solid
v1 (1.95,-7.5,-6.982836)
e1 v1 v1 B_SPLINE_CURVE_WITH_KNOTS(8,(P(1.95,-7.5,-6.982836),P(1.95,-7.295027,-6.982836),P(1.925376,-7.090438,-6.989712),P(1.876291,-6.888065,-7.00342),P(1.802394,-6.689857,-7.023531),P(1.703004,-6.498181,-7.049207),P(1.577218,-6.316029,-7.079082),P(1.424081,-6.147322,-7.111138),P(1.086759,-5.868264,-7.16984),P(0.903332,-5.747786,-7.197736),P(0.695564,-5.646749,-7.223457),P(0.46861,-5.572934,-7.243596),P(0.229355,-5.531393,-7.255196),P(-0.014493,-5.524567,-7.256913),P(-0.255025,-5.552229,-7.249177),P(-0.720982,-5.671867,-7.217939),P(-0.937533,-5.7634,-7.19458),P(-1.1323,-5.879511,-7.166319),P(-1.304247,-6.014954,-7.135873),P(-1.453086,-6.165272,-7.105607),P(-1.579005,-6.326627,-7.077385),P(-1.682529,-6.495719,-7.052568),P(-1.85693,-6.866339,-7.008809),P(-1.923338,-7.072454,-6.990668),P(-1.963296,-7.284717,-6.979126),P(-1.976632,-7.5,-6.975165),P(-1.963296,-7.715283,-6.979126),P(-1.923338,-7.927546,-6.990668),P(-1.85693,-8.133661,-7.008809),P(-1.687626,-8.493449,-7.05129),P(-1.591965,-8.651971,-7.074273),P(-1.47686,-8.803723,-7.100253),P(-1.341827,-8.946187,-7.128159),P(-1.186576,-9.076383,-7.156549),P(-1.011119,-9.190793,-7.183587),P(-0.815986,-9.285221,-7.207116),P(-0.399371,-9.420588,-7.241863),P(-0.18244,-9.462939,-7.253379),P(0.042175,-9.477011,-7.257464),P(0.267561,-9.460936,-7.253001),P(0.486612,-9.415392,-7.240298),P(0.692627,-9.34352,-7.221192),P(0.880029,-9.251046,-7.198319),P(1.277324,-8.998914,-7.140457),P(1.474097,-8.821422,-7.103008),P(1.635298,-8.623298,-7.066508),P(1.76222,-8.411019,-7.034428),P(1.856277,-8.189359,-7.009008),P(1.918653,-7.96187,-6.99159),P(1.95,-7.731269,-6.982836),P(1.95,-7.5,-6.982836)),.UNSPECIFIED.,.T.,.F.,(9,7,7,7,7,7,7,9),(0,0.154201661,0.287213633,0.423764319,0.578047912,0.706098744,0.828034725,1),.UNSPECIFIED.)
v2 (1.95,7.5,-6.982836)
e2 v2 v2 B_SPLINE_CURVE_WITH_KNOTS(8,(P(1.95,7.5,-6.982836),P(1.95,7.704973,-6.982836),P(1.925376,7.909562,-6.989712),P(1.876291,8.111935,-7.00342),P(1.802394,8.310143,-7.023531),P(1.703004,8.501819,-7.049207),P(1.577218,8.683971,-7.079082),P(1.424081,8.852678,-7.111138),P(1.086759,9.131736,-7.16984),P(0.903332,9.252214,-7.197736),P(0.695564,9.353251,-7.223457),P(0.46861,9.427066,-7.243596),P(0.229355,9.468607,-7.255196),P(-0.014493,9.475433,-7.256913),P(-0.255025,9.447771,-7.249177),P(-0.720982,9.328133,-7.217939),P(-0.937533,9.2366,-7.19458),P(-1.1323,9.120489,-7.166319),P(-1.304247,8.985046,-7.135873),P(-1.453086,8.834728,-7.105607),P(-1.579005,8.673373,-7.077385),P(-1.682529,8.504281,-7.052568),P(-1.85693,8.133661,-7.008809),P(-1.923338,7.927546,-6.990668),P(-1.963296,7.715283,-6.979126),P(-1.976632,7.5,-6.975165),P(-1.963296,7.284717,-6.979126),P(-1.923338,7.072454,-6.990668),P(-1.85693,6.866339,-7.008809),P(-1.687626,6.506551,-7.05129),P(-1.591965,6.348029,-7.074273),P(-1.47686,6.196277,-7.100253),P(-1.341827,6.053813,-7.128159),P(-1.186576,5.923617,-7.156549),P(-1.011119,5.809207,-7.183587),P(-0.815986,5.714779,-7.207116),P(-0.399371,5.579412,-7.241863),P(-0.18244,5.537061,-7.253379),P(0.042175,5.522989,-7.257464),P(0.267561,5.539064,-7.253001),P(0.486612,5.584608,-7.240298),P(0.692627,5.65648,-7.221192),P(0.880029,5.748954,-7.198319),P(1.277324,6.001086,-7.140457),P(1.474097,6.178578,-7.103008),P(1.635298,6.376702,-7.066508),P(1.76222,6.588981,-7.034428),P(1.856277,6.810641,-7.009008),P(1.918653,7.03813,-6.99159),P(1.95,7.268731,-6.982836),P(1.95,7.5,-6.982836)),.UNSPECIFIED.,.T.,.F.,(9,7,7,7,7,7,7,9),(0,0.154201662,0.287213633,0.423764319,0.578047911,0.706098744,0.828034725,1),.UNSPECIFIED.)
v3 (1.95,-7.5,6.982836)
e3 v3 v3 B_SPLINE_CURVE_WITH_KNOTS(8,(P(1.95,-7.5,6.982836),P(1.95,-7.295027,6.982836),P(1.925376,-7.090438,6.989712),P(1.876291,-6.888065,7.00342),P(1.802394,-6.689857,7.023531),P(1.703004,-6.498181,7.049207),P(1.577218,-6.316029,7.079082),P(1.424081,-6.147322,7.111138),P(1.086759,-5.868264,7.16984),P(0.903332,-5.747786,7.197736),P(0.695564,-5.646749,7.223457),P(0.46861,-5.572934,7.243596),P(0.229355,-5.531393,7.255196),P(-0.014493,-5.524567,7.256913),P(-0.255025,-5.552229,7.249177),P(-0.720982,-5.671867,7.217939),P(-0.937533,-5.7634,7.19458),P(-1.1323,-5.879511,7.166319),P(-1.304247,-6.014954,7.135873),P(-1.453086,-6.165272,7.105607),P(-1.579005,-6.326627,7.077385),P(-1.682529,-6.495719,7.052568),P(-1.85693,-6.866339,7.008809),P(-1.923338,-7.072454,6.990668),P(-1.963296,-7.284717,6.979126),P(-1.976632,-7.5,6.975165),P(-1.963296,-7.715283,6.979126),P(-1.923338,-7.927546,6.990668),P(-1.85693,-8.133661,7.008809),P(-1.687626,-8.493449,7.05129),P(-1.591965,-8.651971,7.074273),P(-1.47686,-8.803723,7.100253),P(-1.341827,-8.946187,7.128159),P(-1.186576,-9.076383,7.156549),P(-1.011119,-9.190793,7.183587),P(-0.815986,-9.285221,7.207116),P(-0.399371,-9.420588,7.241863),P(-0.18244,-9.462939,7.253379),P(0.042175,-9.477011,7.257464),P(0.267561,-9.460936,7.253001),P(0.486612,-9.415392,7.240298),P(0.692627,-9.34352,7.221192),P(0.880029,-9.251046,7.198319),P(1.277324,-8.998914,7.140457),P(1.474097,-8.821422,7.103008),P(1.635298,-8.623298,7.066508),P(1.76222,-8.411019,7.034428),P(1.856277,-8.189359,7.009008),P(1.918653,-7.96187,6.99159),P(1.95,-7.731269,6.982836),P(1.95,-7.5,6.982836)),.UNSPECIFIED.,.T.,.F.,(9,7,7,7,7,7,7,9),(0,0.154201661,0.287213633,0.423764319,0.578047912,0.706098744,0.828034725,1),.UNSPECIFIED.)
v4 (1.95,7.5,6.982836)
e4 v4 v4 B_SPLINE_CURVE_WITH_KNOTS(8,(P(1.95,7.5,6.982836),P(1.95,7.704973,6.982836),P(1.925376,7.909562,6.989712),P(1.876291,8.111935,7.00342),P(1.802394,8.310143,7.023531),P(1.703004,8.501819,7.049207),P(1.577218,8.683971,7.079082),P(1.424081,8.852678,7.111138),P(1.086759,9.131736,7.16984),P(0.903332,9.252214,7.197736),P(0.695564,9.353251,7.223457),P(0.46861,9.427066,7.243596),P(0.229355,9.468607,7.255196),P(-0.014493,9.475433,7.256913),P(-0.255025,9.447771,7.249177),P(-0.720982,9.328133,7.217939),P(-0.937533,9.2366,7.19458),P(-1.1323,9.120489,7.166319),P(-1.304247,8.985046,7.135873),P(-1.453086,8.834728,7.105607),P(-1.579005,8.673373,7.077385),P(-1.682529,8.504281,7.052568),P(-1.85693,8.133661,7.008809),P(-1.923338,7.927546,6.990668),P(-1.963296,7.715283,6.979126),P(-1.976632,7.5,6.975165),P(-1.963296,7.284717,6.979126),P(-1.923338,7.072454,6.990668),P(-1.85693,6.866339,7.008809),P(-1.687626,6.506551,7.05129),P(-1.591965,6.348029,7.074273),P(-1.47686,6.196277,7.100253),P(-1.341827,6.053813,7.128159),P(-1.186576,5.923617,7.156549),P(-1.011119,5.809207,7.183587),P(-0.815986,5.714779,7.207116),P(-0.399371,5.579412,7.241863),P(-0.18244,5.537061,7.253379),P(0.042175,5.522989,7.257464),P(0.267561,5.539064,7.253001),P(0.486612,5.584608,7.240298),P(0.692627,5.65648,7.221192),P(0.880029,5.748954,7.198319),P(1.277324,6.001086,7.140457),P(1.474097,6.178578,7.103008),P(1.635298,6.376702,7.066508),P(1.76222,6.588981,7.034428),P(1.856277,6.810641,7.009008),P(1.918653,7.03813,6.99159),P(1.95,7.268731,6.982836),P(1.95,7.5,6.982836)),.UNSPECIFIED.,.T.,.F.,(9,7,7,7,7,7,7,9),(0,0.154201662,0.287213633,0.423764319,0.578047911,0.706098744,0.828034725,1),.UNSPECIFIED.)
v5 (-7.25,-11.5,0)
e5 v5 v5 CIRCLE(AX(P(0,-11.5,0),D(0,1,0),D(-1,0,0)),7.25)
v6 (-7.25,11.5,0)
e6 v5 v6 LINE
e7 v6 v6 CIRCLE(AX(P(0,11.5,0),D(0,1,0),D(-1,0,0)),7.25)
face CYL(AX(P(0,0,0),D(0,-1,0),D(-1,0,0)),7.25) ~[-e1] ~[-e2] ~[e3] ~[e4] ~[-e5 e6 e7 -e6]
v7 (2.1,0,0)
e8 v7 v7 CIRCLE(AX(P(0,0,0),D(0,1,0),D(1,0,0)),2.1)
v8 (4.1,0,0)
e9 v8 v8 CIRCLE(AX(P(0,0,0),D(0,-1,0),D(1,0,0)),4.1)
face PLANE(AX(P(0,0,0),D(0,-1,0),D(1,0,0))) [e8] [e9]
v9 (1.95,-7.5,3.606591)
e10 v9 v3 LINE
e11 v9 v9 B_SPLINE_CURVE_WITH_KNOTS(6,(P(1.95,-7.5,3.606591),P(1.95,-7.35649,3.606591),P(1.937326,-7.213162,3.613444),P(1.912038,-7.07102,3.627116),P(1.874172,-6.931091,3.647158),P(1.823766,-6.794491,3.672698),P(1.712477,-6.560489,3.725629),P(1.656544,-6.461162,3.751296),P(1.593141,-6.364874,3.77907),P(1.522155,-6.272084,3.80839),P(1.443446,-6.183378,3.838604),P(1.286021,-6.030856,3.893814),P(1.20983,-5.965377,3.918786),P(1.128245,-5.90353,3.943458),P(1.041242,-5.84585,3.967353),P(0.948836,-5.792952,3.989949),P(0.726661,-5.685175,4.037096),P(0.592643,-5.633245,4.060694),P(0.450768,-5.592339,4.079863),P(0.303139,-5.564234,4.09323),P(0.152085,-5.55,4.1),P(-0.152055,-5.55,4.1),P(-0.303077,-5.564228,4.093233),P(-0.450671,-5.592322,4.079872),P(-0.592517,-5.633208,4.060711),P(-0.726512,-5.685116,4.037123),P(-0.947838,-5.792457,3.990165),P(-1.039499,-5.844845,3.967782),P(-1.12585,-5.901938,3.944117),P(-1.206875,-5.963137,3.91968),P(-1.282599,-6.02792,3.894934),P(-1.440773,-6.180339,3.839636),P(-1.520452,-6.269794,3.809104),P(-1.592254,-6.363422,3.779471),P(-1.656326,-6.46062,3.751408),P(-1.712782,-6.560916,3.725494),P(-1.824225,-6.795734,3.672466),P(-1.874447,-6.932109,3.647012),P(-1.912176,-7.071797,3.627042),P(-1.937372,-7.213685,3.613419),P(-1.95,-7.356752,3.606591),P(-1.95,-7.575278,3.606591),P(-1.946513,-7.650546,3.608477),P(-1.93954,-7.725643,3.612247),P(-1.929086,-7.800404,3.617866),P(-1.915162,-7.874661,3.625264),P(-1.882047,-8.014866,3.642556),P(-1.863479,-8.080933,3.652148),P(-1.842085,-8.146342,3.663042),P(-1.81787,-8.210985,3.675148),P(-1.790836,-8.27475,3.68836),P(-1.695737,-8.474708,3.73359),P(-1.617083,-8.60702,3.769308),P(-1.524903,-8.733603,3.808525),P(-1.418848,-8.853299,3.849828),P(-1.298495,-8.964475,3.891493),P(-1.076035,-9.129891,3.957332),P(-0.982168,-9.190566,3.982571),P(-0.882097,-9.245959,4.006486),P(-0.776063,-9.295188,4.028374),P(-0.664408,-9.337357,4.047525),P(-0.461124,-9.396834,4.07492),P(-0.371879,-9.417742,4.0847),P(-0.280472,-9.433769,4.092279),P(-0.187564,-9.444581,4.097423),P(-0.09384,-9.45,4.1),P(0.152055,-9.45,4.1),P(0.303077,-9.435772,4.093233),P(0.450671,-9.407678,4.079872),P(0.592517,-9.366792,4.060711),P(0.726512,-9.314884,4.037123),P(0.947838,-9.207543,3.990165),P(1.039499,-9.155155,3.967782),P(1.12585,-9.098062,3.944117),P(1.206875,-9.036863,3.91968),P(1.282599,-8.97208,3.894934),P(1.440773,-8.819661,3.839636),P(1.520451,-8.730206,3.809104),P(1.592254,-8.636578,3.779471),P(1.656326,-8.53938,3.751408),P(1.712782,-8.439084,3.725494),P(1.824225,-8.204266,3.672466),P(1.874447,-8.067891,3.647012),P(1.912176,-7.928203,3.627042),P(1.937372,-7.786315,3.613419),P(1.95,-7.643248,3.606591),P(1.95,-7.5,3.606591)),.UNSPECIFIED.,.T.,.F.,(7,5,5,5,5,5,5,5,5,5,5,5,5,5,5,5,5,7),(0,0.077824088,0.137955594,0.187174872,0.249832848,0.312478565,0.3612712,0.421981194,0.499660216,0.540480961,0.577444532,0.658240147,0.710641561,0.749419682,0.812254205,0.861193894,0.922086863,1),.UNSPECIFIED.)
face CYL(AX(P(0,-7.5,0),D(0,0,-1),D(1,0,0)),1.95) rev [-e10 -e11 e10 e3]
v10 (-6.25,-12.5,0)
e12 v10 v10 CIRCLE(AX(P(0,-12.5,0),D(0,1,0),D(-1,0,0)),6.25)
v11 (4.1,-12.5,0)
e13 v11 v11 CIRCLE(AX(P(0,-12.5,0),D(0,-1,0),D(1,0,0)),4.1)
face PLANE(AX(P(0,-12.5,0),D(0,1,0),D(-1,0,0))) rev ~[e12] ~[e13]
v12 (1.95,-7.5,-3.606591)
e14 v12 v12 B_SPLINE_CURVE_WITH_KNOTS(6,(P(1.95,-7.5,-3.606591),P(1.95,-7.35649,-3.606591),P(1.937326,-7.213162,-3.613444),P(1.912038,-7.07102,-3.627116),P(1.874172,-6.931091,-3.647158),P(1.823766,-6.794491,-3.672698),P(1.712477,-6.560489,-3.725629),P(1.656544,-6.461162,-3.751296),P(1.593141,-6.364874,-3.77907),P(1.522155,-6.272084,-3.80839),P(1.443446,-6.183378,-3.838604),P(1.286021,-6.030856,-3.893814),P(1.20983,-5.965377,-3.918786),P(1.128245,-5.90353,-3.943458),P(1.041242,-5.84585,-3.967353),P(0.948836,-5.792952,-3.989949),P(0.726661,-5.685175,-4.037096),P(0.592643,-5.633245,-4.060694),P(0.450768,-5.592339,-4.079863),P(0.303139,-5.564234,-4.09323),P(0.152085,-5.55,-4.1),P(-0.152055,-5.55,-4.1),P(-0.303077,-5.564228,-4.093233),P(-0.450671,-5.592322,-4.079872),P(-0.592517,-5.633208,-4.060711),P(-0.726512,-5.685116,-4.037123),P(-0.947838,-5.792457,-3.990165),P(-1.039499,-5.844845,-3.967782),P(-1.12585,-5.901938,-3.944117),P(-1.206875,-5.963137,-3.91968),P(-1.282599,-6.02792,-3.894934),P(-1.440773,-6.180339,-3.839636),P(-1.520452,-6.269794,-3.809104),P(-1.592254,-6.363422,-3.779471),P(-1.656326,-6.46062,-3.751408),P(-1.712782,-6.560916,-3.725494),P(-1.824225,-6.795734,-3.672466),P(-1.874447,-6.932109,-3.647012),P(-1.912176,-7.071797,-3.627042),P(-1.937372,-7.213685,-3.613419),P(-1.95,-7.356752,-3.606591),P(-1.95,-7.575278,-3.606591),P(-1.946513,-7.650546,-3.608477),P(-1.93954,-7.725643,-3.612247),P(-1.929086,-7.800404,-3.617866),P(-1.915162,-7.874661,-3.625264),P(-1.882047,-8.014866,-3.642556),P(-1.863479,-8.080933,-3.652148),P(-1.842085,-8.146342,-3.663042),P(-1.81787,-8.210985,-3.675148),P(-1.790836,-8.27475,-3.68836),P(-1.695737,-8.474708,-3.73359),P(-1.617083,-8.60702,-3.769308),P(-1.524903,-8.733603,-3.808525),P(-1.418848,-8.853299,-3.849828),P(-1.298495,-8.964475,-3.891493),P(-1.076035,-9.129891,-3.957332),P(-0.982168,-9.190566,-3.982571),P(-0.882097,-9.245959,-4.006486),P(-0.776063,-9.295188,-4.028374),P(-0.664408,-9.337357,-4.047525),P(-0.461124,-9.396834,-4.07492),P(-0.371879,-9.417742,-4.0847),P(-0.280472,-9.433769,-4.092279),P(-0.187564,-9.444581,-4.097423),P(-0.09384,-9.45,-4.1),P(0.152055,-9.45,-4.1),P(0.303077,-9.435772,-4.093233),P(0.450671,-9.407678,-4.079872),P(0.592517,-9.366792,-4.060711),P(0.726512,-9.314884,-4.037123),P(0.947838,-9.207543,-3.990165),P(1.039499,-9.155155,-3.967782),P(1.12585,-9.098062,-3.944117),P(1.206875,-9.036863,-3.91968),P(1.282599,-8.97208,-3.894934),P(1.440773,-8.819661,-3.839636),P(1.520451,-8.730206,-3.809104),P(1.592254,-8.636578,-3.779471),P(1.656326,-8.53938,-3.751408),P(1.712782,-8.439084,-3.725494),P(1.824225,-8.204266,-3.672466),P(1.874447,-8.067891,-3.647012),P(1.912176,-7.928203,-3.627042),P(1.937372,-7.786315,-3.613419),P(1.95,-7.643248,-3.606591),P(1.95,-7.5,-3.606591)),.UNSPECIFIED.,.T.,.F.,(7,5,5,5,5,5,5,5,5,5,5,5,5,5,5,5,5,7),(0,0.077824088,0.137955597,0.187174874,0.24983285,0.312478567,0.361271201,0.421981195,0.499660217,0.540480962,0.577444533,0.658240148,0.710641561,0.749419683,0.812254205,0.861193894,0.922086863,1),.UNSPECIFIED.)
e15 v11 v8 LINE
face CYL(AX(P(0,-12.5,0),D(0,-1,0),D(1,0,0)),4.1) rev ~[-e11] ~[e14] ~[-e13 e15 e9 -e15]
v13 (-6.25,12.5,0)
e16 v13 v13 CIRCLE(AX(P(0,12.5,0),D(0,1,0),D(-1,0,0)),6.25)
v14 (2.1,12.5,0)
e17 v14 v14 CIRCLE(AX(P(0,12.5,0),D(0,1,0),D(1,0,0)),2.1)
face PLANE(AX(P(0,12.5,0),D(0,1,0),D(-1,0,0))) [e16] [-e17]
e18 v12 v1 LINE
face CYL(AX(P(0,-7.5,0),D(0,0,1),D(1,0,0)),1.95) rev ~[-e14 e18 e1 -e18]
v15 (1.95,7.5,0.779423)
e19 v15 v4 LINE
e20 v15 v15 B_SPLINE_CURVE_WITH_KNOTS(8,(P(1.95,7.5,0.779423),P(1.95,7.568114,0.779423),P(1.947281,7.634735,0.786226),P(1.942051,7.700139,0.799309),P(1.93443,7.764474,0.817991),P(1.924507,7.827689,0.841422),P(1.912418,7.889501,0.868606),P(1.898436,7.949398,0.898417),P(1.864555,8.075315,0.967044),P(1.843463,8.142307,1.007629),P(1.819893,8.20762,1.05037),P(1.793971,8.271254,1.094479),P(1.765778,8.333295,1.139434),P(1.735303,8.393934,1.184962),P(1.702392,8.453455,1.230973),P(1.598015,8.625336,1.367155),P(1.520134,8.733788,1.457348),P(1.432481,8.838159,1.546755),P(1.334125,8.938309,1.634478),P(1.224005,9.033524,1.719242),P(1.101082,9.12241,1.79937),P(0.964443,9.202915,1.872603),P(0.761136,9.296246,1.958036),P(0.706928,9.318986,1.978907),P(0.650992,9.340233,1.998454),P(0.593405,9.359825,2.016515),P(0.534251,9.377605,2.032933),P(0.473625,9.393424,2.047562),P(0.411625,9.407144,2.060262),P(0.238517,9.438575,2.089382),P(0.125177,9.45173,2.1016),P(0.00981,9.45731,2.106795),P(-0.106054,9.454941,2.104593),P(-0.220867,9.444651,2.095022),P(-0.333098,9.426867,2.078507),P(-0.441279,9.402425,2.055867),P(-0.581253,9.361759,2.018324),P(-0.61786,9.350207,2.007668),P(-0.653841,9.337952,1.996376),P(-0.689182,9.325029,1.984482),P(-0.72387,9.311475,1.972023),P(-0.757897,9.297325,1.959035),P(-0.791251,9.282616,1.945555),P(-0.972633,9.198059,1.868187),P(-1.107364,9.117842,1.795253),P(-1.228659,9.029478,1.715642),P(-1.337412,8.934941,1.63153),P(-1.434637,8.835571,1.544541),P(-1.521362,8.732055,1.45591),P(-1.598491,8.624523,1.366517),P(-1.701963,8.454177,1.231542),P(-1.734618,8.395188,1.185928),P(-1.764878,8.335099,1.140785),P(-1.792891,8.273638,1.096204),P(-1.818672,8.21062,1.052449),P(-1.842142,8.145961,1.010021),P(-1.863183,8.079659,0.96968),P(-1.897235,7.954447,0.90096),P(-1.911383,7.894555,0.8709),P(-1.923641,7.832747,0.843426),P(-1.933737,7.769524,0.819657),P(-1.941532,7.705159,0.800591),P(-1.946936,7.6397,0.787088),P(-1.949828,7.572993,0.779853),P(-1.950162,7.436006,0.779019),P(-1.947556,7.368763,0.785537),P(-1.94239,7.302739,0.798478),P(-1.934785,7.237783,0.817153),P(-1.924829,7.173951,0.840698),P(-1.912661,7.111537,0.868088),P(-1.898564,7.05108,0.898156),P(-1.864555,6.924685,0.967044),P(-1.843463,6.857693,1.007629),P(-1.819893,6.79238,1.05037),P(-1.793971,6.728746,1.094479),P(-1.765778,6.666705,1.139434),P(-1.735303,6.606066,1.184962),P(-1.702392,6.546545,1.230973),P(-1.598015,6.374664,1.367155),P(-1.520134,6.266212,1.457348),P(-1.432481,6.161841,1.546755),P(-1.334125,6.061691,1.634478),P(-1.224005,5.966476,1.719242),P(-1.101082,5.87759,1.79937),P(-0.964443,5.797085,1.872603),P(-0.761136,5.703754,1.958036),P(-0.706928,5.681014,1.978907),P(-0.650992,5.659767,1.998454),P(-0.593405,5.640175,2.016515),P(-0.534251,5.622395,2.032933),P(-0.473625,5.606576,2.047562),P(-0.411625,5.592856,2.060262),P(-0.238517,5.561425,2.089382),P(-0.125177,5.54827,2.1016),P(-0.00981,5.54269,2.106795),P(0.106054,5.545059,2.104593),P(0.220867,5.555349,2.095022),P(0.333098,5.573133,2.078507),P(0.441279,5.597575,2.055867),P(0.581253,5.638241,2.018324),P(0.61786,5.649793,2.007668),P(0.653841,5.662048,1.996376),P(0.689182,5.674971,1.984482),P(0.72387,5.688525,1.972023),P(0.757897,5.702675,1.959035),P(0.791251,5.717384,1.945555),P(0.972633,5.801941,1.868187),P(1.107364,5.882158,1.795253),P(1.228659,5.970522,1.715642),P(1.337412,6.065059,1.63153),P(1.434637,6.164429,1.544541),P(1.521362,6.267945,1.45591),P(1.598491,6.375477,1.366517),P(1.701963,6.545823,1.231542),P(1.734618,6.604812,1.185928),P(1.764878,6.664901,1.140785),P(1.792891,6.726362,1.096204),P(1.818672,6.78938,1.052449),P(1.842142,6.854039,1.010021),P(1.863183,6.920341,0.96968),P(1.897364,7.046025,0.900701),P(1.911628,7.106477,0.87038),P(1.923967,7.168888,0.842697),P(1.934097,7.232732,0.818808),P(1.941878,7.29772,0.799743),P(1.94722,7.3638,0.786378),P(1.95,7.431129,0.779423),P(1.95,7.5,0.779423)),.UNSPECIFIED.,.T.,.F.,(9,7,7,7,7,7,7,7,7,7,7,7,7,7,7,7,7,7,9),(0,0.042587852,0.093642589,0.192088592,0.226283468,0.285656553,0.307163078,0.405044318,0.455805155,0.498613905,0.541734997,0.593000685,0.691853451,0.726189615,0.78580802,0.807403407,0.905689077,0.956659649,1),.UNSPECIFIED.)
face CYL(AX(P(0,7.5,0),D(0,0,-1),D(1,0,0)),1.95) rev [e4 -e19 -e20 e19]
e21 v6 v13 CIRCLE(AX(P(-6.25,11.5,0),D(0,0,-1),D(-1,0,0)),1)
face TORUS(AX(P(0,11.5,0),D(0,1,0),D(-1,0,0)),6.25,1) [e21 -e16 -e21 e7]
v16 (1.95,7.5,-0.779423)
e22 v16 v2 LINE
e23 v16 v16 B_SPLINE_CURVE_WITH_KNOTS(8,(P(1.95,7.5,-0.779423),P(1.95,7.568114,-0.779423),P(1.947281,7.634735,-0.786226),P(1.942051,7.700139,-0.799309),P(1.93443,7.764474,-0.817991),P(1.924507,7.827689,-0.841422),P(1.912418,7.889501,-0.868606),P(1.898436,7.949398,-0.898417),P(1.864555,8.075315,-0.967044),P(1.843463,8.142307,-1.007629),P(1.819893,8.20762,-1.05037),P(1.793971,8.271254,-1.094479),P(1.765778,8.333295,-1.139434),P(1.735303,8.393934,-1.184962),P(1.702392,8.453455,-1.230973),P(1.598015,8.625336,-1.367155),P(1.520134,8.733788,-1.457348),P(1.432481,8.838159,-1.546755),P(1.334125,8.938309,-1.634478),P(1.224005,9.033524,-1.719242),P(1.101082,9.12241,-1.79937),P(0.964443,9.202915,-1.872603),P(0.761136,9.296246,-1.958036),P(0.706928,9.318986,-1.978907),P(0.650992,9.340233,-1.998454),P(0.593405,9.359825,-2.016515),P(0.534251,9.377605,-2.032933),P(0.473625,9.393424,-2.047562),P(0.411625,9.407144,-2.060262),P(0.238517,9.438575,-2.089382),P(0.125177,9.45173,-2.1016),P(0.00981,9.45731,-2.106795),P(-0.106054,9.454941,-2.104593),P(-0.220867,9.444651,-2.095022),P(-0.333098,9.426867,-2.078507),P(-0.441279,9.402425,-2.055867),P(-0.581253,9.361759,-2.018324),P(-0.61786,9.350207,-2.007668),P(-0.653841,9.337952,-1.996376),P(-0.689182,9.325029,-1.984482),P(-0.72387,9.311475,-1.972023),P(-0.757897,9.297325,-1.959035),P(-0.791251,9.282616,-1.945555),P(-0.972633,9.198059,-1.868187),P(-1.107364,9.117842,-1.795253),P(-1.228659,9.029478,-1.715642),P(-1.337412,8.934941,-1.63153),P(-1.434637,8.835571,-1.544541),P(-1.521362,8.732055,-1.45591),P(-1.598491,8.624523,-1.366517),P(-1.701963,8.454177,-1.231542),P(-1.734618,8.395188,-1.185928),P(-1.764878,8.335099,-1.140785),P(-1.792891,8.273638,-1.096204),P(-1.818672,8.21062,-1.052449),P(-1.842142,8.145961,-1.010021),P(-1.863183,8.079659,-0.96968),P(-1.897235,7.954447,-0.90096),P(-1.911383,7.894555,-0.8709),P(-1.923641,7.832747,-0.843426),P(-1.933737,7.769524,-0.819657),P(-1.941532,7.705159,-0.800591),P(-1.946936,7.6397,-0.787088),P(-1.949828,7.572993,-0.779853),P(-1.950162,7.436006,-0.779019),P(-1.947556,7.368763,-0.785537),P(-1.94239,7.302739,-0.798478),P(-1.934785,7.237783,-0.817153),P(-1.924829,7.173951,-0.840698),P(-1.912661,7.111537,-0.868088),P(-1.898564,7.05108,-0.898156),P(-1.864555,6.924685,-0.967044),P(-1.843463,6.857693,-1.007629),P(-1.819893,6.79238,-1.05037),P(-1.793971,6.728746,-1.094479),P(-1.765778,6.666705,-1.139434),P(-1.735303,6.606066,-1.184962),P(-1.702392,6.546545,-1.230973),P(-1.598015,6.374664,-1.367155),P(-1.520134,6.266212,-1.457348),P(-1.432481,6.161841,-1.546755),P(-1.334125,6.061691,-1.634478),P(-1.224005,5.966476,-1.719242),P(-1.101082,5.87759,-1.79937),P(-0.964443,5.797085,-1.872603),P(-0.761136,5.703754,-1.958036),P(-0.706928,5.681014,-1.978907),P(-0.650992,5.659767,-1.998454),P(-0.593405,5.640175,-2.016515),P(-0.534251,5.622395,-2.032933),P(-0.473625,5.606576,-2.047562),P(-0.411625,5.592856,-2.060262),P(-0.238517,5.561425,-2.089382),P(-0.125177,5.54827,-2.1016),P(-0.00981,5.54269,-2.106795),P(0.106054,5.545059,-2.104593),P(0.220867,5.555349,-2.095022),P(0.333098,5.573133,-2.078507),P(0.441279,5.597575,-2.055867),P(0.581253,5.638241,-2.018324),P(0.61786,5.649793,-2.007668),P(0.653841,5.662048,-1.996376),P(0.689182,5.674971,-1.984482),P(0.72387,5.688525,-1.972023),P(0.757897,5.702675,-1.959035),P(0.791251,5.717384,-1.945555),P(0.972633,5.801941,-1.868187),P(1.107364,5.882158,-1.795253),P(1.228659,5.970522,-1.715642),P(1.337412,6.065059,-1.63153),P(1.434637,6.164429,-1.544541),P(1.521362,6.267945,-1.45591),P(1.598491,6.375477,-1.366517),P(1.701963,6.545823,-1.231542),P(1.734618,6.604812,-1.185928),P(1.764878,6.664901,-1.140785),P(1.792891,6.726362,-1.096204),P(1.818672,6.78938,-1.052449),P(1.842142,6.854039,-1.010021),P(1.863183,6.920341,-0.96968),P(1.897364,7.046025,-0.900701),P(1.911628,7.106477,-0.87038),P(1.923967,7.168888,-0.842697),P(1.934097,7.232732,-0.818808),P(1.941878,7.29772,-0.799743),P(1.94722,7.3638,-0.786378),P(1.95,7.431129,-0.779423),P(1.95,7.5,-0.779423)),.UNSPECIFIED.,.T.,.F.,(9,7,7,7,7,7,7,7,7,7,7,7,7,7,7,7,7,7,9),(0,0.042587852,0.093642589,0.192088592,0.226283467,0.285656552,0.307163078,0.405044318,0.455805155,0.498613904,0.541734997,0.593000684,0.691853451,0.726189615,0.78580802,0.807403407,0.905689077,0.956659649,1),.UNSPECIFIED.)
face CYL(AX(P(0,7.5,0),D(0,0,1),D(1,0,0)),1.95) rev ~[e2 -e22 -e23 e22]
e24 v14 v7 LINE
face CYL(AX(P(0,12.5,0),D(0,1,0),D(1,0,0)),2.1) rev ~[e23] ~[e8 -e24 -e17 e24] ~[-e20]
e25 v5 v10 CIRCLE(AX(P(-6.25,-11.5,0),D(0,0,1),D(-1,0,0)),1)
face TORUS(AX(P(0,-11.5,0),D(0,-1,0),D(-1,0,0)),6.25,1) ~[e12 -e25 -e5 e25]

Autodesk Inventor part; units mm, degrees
sketch "Эскиз1" plane through (0, 0, 0) normal (0, 1, 0) x (-1, 0, 0)
  circle A0 centre (0, 0) radius 7.25
  dimension "d0" = 14.5
extrude "Выдавливание1" add sketch "Эскиз1" along normal mid plane 25
sketch "Эскиз2" plane through (0, 12.5, 0) normal (0, 1, 0) x (1, 0, 0)
  circle A0 centre (0, 0) radius 2.1
  dimension "d3" = 4.2
extrude "Выдавливание2" cut sketch "Эскиз2" against normal up to surface (12.5 mm away)
sketch "Эскиз3" plane through (0, -12.5, 0) normal (0, -1, 0) x (1, 0, 0)
  circle A0 centre (0, 0) radius 4.1
  dimension "d6" = 8.2
extrude "Выдавливание3" cut sketch "Эскиз3" against normal up to surface (12.5 mm away)
sketch "Эскиз4" plane through (0, 0, 0) normal (0, 0, 1) x (1, 0, 0)
  circle A0 centre (0, 7.5) radius 1.95
  circle A1 centre (0, -7.5) radius 1.95
  line L0 (0, 17.5) -> (0, -17.5) construction
  line L1 (-2.1, 12.5) -> (2.1, 12.5) projected
  line L2 (4.1, -12.5) -> (-4.1, -12.5) projected
  point P0 (0, 0)
  dimension "d9" = 5
  dimension "d10" = 5
  dimension "d11" = 3.9
extrude "Выдавливание4" cut sketch "Эскиз4" along normal mid plane 20
fillet "Сопряжение1" radius 1 2 edges at (7.25, -12.5, 0) (7.25, 12.5, 0)
properties part number "фтулка"
